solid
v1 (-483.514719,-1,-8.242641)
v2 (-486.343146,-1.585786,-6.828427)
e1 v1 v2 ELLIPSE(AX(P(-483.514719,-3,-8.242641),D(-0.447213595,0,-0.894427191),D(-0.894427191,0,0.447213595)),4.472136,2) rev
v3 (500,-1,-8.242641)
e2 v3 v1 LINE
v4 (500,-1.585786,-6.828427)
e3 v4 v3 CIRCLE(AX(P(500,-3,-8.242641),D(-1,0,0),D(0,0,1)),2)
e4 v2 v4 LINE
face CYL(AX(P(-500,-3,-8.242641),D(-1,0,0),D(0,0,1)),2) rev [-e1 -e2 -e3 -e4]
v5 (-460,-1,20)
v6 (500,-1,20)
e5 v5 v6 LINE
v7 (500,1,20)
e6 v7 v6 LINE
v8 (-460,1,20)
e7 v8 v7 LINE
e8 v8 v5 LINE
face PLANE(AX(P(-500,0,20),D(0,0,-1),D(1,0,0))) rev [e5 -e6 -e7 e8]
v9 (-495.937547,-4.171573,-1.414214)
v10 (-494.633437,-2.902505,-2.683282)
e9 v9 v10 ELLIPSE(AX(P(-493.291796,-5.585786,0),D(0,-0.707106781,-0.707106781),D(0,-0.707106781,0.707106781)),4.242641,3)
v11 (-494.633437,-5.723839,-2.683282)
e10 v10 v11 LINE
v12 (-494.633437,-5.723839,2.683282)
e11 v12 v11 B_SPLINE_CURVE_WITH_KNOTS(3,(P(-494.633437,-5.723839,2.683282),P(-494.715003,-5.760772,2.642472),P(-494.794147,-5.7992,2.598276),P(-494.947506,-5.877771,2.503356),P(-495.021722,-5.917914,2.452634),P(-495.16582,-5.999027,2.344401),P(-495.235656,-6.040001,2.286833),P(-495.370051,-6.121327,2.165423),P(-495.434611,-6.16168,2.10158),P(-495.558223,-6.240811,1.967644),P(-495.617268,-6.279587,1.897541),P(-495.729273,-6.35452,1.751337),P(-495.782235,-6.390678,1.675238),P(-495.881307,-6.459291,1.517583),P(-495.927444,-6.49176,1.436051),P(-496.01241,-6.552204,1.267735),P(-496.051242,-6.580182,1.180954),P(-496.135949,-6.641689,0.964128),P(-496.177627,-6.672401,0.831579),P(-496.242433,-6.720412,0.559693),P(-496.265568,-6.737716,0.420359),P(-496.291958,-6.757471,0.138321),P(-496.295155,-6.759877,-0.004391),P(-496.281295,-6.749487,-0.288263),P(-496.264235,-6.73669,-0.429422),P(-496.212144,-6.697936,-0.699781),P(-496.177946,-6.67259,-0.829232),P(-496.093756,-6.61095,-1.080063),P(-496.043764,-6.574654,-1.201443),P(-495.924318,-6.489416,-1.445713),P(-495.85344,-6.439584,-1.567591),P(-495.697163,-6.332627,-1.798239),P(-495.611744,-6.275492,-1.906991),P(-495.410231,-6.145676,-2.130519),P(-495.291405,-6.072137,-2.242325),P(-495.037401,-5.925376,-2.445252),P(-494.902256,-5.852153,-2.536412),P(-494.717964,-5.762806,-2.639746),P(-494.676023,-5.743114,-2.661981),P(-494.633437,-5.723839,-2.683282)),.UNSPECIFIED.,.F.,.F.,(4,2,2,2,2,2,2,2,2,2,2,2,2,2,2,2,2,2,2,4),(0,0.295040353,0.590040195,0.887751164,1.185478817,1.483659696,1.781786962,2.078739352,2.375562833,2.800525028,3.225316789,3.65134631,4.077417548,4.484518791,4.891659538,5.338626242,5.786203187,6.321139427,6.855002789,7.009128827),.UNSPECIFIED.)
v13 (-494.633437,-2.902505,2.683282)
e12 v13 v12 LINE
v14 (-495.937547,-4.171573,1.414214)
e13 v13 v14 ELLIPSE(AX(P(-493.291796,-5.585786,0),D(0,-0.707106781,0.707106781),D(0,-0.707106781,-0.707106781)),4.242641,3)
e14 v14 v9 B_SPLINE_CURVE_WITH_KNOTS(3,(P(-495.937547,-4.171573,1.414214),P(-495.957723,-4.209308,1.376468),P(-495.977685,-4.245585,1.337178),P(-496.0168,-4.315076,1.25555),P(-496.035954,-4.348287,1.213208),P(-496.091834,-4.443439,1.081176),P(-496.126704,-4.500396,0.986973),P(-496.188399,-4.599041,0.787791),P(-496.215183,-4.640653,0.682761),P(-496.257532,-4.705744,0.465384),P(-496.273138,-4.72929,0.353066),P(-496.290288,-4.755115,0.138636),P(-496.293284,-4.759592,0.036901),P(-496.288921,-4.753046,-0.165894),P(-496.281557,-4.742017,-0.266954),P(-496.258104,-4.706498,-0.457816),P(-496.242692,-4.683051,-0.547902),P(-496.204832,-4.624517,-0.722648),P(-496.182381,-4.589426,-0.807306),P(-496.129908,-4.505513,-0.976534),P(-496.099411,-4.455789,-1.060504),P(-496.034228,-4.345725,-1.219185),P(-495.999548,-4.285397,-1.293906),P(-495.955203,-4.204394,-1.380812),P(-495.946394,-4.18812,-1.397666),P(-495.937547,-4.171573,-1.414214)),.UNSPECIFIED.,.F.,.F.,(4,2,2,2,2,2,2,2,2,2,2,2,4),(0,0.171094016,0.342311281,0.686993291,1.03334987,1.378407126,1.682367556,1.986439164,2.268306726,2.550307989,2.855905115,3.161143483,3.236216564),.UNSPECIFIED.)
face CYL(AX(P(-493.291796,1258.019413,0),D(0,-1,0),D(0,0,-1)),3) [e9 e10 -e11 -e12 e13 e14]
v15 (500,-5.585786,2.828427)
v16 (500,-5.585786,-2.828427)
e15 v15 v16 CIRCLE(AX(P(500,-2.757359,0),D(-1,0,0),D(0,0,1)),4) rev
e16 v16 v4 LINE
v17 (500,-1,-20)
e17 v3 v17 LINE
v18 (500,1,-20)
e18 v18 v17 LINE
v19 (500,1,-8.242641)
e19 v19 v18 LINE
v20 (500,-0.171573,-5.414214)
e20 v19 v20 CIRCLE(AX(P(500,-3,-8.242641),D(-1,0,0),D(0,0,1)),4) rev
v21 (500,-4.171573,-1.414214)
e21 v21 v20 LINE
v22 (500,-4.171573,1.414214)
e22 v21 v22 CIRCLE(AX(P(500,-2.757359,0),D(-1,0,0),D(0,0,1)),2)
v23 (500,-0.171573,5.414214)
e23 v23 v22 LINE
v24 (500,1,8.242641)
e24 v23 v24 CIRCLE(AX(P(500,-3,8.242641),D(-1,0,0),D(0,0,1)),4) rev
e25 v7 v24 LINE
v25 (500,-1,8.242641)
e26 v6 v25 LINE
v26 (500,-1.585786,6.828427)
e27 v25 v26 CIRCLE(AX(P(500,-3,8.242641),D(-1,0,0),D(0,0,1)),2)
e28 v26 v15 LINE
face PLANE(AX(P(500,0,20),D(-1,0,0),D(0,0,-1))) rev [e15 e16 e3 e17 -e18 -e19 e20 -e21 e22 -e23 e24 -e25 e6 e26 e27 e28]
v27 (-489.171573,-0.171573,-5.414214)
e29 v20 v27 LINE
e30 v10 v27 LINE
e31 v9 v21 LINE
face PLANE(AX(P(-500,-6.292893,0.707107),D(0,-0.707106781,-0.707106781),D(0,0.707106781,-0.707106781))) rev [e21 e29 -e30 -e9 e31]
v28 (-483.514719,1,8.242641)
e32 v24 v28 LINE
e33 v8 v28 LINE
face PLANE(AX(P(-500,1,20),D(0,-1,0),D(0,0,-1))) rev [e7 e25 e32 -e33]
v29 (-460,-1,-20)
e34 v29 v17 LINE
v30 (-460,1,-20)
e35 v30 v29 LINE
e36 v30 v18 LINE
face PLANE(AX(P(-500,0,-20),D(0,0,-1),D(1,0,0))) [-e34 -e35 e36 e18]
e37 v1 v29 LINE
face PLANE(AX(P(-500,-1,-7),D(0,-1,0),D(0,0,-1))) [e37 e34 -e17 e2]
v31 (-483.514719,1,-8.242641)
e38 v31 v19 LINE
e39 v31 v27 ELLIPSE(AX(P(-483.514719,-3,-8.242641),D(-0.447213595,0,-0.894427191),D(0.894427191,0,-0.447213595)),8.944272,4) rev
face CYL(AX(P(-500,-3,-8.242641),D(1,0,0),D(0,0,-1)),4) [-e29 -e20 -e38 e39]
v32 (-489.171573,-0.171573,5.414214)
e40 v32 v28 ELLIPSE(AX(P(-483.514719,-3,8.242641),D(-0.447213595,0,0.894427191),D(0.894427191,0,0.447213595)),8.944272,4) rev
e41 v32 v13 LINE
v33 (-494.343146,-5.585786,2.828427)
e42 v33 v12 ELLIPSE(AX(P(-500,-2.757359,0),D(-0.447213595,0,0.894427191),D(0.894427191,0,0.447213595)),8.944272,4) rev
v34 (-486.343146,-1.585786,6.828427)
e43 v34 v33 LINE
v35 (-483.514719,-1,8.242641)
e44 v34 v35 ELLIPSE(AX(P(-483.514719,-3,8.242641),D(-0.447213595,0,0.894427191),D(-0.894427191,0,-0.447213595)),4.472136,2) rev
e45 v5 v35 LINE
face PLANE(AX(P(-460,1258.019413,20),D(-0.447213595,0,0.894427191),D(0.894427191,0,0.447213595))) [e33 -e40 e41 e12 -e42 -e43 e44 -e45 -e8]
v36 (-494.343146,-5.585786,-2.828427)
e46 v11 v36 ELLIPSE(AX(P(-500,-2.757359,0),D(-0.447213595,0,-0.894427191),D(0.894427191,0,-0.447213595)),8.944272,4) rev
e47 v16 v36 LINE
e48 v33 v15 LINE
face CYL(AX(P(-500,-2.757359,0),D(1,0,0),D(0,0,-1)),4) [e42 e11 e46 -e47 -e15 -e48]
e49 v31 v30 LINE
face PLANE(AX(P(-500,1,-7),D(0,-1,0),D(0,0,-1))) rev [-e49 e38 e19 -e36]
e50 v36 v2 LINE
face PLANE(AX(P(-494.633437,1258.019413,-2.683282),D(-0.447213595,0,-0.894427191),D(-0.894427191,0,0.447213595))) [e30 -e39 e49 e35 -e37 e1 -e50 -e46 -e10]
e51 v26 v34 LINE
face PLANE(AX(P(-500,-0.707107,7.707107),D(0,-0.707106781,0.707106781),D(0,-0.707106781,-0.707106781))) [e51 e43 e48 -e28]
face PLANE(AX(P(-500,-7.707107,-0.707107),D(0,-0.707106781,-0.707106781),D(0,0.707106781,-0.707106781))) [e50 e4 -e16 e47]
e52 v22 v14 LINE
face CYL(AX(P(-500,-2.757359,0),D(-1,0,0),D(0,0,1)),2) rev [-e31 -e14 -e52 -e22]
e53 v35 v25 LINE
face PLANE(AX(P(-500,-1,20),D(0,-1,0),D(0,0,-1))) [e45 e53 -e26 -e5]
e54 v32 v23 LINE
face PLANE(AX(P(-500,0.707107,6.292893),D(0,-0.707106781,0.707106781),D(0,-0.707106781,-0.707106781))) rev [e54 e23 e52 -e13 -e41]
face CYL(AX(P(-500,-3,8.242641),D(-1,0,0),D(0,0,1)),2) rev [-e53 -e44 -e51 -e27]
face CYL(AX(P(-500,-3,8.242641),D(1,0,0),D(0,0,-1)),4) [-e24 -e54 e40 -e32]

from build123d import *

# Parameters (mm, degrees)
SHEET_EXTRUDE_1_1_BACK   = 500
SHEET_EXTRUDE_1_1_DEPTH  = 1000
THICKEN_1_T1             = 1
THICKEN_1_T2             = 1
FILLET_1_R               = 2
FILLET_2_R               = 4
CUT_EXTRUDE_1_DEPTH      = 501.445463467
CUT_EXTRUDE_1_DEPTH_BACK = 501.445463467


with BuildPart() as body_1:
    # Sheet Extrude 1: a surface, the sketch's curves swept straight by 1000 mm
    with BuildLine(Plane(origin=(0, 0, 0), x_dir=(0, 0, -1), z_dir=(1, 0, 0)).offset(-SHEET_EXTRUDE_1_1_BACK), mode=Mode.PRIVATE) as sheet_extrude_1_1_path:
        Line((-20, 0), (-7, 0))
        Line((-7, 0), (0, -7))
        Line((0, -7), (7, 0))
        Line((7, 0), (20, 0))
    sheet_extrude_1_1 = Shell.extrude(sheet_extrude_1_1_path.wire(), (1 * SHEET_EXTRUDE_1_1_DEPTH, 0 * SHEET_EXTRUDE_1_1_DEPTH, 0 * SHEET_EXTRUDE_1_1_DEPTH))
    add(Solid.thicken(sheet_extrude_1_1, THICKEN_1_T1))
    add(Solid.thicken(sheet_extrude_1_1, -THICKEN_1_T2))

    # Скругление1
    fillet_1_edges = [body_1.edges().sort_by_distance(p)[0] for p in [
        (0, -5.585786438, 0),
        (0, -1, -7.414213562),
        (0, -1, 7.414213562),
    ]]
    fillet(fillet_1_edges, radius=FILLET_1_R)

    # Скругление2
    fillet_2_edges = [body_1.edges().sort_by_distance(p)[0] for p in [
        (0, 1, 6.585786438),
        (0, 1, -6.585786438),
        (0, -8.414213562, 0),
    ]]
    fillet(fillet_2_edges, radius=FILLET_2_R)

    # Эскиз2 → Вырез-Вытянуть1 (cut, two sides: drawn at the far end of the back side and taken through both)
    with BuildSketch(Plane(origin=(0, 0, 0), x_dir=(1, 0, 0), z_dir=(0, 1, 0)).offset(-CUT_EXTRUDE_1_DEPTH_BACK)):
        with BuildLine():
            Line((1267.734544165, -883.867272083), (-460, -20))
            Line((-460, -20), (-494.633436854, -2.683281573))
            ThreePointArc((-494.633436854, -2.683281573), (-496.291796068, 0), (-494.633436854, 2.683281573))
            Line((-494.633436854, 2.683281573), (-460, 20))
            Line((-460, 20), (1267.734544165, 883.867272083))
            Line((1267.734544165, 883.867272083), (-2595.597343663, 883.867272083))
            Line((-2595.597343663, 883.867272083), (-2595.597343663, -883.867272083))
            Line((-2595.597343663, -883.867272083), (1267.734544165, -883.867272083))
        make_face()
    extrude(amount=CUT_EXTRUDE_1_DEPTH + CUT_EXTRUDE_1_DEPTH_BACK, mode=Mode.SUBTRACT)


solid = body_1.part
